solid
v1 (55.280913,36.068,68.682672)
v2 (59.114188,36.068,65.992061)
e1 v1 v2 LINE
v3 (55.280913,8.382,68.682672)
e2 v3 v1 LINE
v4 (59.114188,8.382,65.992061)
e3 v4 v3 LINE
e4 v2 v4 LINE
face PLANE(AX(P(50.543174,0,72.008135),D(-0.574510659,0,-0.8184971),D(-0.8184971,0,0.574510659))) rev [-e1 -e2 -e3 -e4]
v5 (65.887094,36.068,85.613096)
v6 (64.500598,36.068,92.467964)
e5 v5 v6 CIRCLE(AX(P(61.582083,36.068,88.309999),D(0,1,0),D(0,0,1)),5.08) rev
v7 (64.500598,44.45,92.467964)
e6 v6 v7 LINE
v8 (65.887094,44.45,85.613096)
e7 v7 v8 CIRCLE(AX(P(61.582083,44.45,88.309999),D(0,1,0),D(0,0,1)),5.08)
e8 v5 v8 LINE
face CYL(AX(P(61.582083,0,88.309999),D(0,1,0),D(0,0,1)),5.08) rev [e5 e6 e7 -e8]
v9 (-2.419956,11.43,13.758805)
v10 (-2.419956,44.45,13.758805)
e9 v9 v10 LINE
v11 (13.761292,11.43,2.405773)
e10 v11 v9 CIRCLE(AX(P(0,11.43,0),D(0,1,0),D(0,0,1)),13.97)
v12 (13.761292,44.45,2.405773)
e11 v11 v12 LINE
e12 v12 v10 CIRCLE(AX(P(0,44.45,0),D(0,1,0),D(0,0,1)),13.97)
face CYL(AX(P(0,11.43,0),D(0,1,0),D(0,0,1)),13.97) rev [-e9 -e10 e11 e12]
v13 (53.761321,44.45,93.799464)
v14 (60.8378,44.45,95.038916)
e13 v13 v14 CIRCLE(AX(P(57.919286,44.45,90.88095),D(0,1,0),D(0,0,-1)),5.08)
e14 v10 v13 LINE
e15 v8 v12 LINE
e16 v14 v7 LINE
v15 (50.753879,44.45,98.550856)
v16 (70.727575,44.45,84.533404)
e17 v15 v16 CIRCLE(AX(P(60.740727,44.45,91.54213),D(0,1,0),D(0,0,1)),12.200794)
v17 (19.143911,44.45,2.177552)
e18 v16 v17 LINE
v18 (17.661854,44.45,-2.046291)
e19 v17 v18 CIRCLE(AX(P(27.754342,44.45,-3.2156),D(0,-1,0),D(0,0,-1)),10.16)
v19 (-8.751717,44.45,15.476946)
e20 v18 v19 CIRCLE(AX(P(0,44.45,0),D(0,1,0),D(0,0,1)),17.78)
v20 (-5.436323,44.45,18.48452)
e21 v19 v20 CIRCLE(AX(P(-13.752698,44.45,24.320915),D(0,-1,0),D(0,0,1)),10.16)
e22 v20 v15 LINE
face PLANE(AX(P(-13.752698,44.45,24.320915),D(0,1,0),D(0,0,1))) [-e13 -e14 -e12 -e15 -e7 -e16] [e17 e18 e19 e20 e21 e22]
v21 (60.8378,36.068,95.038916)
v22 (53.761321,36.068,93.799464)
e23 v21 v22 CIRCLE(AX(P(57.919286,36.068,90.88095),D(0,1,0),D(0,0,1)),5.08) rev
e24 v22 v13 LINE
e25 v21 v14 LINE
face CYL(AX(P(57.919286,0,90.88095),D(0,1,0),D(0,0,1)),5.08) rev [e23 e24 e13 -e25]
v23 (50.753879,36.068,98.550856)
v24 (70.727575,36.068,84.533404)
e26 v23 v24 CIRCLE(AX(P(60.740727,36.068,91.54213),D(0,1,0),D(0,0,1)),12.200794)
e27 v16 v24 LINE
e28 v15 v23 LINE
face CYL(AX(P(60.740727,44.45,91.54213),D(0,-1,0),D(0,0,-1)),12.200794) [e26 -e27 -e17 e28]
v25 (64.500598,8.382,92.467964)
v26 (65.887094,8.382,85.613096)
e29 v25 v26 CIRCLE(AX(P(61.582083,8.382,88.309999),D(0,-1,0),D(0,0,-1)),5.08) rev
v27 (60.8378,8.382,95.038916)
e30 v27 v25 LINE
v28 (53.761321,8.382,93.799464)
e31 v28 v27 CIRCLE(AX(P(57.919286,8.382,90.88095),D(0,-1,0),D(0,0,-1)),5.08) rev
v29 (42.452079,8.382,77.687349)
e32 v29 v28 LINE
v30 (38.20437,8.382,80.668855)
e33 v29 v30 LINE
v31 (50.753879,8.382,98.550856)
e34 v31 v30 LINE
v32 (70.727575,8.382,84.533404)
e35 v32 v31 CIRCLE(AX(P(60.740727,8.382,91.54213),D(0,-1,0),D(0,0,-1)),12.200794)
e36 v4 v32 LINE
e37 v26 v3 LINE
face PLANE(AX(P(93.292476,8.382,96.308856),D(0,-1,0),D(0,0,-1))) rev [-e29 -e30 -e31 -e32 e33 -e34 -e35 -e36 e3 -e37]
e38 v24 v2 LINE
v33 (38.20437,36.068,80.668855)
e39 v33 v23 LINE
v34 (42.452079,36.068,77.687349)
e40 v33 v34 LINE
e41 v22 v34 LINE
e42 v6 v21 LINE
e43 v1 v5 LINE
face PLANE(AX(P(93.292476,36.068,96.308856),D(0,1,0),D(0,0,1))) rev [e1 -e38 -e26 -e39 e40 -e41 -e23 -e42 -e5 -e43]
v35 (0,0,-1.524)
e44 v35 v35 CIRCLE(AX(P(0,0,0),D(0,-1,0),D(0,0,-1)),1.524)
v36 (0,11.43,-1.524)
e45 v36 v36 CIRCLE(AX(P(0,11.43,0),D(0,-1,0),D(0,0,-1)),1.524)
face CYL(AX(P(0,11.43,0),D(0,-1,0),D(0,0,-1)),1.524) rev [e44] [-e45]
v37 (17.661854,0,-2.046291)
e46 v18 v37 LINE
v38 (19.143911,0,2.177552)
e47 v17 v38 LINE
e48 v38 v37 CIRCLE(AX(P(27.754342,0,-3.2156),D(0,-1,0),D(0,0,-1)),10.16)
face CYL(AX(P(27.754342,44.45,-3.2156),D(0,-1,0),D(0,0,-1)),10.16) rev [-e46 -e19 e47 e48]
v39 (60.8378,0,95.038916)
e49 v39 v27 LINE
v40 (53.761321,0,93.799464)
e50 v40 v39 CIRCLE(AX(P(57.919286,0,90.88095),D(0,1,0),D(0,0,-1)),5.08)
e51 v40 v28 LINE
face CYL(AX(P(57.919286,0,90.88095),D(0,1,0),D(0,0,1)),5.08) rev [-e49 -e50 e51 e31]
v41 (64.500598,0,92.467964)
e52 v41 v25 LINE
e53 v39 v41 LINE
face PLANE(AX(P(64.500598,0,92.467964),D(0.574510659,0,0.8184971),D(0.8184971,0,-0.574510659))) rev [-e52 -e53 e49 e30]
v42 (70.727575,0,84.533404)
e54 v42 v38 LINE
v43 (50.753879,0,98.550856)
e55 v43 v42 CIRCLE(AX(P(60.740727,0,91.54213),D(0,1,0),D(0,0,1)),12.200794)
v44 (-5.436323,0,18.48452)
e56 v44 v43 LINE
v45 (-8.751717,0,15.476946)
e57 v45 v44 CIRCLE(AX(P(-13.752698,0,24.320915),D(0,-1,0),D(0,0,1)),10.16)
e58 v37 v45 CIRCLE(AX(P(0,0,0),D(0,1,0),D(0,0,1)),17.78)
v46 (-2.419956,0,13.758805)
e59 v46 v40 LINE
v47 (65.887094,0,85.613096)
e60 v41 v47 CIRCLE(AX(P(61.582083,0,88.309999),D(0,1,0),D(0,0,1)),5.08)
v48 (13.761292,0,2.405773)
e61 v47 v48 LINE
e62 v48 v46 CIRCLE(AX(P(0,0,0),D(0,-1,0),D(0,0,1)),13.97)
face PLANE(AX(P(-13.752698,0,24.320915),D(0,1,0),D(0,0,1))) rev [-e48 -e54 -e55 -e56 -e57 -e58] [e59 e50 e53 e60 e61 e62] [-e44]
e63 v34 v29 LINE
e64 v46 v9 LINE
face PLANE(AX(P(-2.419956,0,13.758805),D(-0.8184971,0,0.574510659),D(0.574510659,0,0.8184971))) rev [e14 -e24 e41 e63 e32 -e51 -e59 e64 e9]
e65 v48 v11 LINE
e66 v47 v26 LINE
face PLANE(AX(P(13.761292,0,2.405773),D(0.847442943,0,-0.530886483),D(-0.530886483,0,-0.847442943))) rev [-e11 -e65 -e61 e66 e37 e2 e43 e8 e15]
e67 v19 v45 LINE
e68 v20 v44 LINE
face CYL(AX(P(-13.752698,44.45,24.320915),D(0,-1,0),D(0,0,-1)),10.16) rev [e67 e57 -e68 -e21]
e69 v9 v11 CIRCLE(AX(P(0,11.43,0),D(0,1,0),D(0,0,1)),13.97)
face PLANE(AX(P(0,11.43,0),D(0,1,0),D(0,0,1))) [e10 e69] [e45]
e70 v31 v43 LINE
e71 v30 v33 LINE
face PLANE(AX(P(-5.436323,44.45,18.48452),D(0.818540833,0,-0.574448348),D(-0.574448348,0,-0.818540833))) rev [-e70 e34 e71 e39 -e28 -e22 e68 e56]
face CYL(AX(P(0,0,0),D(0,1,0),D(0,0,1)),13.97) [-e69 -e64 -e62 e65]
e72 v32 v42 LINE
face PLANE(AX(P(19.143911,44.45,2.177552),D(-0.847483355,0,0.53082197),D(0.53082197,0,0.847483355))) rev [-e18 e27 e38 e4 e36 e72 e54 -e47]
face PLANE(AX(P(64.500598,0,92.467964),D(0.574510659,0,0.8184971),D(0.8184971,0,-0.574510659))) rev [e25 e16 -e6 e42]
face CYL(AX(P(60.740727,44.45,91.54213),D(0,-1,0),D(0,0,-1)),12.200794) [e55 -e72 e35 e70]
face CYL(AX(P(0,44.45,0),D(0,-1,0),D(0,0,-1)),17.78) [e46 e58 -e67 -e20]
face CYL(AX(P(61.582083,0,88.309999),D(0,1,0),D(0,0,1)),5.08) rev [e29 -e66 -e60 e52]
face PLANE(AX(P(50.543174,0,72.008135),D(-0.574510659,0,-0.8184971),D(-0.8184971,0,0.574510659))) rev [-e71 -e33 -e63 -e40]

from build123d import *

# Parameters (mm, degrees)
BOSS_EXTRUDE1_DEPTH = 44.45
SKETCH2_R           = 13.97
CUT_EXTRUDE1_DEPTH  = 33.02
SKETCH4_R           = 1.524
CUT_EXTRUDE2_DEPTH  = 11.43
CUT_EXTRUDE4_DEPTH  = 44.45
SKETCH6_W           = 44.799560936
SKETCH6_H           = 27.686
CUT_EXTRUDE5_DEPTH  = 22.225


with BuildPart() as part:
    # Sketch1 → Boss-Extrude1 (new body)
    with BuildSketch(Plane(origin=(0, 0, 0), x_dir=(1, 0, 0), z_dir=(0, 1, 0))):
        with BuildLine():
            Line((-5.43632278, -18.484519804), (50.753878982, -98.550855941))
            ThreePointArc((50.753878982, -98.550855941), (67.749452613, -101.528977989), (70.727574662, -84.533404358))
            Line((70.727574662, -84.533404358), (19.143911472, -2.177551677))
            ThreePointArc((19.143911472, -2.177551677), (18.167371728, -0.148266421), (17.661854227, 2.046290613))
            ThreePointArc((17.661854227, 2.046290613), (-9.829221355, 14.816032112), (-8.751716681, -15.476945924))
            ThreePointArc((-8.751716681, -15.476945924), (-6.926324763, -16.795874604), (-5.43632278, -18.484519804))
        make_face()
    extrude(amount=BOSS_EXTRUDE1_DEPTH)

    # Sketch2 → Cut-Extrude1 (cut)
    with BuildSketch(Plane(origin=(0, 44.45, 0), x_dir=(1, 0, 0), z_dir=(0, 1, 0))):
        Circle(SKETCH2_R)
    extrude(amount=-CUT_EXTRUDE1_DEPTH, mode=Mode.SUBTRACT)

    # Sketch4 → Cut-Extrude2 (cut)
    with BuildSketch(Plane.XZ):
        Circle(SKETCH4_R)
    extrude(amount=-CUT_EXTRUDE2_DEPTH, mode=Mode.SUBTRACT)

    # Sketch5 → Cut-Extrude4 (cut)
    with BuildSketch(Plane(origin=(0, 44.45, 0), x_dir=(1, 0, 0), z_dir=(0, 1, 0))):
        with BuildLine():
            Line((-2.419955599, -13.758804995), (53.761320997, -93.799464422))
            ThreePointArc((53.761320997, -93.799464422), (57.042861973, -95.884776857), (60.837800413, -95.038915544))
            Line((60.837800413, -95.038915544), (64.500597561, -92.467964465))
            ThreePointArc((64.500597561, -92.467964465), (66.561253196, -89.317108071), (65.887093565, -85.613095861))
            Line((65.887093565, -85.613095861), (13.761291875, -2.405773456))
            ThreePointArc((13.761291875, -2.405773456), (8.023671754, -11.435977946), (-2.419955599, -13.758804995))
        make_face()
    extrude(amount=-CUT_EXTRUDE4_DEPTH, mode=Mode.SUBTRACT)

    # Sketch6 → Cut-Extrude5 (cut, symmetric)
    with BuildSketch(Plane(origin=(63.31167299, 0, 90.199232956), x_dir=(-0.8184971, 0, 0.574510659), z_dir=(-0.574510659, 0, -0.8184971))):
        with Locations((1.370623881, 22.225)):
            Rectangle(SKETCH6_W, SKETCH6_H)
    extrude(amount=CUT_EXTRUDE5_DEPTH, both=True, mode=Mode.SUBTRACT)


solid = part.part
